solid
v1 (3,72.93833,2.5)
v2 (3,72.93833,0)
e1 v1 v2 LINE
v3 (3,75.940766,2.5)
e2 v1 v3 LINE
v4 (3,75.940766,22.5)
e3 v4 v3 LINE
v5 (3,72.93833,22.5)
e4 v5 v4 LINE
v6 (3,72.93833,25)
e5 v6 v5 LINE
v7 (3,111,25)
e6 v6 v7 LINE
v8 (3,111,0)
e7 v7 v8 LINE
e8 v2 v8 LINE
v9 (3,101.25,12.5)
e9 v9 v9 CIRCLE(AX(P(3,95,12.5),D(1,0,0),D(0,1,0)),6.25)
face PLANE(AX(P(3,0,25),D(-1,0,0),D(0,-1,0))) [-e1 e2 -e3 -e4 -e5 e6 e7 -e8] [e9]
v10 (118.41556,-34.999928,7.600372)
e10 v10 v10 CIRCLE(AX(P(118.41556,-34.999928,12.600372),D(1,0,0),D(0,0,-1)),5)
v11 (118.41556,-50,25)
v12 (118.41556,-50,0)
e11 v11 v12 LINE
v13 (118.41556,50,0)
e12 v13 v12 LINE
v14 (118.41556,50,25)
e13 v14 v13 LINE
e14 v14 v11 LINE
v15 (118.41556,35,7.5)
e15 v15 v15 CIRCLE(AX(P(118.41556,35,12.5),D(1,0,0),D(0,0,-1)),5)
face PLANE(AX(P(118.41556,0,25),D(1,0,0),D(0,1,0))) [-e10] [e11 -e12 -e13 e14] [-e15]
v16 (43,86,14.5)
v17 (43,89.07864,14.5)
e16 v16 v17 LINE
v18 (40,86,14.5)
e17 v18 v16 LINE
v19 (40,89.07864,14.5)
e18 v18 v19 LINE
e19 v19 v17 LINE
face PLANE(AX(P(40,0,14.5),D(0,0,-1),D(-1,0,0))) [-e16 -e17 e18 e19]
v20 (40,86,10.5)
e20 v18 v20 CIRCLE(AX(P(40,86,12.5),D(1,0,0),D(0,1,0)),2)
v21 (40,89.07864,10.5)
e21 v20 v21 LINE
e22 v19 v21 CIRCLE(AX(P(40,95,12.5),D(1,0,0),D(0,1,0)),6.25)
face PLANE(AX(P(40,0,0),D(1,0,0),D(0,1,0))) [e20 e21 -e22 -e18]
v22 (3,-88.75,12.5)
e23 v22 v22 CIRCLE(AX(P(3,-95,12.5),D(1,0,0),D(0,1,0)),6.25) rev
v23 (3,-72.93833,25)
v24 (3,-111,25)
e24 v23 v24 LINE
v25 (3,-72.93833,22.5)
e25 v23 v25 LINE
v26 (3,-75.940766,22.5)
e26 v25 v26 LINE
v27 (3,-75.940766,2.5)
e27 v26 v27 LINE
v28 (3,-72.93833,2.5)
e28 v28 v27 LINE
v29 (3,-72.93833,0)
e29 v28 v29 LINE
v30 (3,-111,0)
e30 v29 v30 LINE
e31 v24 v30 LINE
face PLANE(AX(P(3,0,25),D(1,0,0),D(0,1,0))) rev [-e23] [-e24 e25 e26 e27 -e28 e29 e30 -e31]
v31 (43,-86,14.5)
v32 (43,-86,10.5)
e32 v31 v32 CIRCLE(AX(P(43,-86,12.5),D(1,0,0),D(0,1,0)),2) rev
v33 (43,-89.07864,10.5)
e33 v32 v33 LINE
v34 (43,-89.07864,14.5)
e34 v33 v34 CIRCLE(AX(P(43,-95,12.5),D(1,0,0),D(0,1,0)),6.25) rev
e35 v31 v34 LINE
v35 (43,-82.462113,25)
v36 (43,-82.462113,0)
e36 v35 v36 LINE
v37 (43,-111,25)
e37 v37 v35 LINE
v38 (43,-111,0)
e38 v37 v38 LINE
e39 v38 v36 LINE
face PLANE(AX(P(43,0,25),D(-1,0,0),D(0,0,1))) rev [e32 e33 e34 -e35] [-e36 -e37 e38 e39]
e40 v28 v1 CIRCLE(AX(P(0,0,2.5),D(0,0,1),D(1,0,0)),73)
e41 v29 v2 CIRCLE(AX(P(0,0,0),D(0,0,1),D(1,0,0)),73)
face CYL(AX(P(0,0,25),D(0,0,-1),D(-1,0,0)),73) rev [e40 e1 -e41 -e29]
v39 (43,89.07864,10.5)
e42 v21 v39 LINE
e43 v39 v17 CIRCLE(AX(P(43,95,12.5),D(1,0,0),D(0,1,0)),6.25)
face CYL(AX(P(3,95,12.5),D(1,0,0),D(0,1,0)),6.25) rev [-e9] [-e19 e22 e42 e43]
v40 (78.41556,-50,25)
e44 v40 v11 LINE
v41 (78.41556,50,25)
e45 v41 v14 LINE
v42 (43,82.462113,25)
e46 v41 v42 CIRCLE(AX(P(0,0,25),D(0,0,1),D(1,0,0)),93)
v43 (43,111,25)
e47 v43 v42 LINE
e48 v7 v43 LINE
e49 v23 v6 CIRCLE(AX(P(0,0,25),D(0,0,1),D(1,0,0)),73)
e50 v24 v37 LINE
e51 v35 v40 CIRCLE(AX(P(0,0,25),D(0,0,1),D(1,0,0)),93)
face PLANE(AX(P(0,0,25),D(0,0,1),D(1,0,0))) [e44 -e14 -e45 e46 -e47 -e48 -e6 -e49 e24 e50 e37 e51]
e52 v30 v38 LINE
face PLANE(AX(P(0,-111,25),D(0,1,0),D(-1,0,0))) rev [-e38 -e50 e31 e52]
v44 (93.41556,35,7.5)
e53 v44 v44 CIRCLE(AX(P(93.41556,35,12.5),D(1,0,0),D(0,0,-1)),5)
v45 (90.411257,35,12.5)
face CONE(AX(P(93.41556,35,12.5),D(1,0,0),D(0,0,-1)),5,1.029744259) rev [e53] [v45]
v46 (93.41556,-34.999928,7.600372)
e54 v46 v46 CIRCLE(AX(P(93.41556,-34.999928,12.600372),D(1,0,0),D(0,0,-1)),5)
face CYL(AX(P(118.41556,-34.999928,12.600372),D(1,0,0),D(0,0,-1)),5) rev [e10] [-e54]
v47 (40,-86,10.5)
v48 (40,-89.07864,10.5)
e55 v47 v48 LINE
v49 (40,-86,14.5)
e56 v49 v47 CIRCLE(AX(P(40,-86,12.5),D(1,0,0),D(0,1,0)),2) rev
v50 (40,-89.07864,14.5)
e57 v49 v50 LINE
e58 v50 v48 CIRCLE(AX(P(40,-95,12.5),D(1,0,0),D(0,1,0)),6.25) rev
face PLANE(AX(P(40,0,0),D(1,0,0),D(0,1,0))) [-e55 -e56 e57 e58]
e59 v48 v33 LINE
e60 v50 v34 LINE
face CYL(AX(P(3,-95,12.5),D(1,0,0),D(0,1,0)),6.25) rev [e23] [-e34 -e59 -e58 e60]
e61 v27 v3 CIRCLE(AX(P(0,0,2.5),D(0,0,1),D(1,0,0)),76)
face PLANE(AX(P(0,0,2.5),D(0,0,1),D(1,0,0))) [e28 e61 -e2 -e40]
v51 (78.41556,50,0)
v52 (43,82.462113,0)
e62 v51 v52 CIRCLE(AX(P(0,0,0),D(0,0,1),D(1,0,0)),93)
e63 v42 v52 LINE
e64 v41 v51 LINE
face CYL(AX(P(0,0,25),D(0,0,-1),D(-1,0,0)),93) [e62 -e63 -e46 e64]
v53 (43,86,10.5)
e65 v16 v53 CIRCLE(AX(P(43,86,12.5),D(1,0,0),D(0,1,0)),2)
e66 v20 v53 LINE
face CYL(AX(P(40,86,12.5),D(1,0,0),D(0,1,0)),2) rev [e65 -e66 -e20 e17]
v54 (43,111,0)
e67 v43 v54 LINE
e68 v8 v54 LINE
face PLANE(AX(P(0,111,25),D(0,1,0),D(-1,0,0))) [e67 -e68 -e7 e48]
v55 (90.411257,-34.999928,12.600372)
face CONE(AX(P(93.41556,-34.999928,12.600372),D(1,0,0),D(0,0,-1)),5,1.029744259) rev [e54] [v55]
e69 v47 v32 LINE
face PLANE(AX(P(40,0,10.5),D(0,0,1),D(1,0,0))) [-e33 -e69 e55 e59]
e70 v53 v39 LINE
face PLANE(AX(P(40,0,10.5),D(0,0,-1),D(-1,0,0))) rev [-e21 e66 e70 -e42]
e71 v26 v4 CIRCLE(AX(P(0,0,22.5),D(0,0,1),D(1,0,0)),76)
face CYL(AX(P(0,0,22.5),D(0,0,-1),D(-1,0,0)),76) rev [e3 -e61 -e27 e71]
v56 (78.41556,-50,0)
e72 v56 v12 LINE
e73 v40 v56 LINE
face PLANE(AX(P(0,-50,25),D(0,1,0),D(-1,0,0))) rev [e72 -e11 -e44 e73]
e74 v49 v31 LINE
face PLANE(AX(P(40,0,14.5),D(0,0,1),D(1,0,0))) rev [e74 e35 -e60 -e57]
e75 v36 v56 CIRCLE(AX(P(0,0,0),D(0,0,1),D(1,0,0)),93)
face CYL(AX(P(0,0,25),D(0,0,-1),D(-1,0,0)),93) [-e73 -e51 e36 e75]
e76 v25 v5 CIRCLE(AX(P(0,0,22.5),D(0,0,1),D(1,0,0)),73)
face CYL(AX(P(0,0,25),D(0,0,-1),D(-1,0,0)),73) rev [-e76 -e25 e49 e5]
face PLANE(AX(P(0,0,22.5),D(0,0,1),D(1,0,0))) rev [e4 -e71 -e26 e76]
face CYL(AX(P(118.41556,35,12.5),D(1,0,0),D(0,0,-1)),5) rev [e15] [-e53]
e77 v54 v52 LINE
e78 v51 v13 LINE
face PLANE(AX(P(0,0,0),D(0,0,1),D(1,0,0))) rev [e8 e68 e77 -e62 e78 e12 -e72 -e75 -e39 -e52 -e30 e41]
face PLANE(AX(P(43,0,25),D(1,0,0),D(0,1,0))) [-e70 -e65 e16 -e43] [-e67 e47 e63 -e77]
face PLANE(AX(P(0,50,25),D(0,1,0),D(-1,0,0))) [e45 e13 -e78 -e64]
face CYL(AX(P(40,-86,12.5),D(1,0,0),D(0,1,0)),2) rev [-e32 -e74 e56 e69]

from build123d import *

# Parameters (mm, degrees)
BOSS_EXTRUDE1_DEPTH        = 25
F_10_0MM_DOWEL_HOLE1_D     = 10
F_10_0MM_DOWEL_HOLE1_DEPTH = 25
F_10_0MM_DOWEL_HOLE1_TIP   = 3.004303095
SKETCH2_R                  = 6.25
CUT_EXTRUDE2_DEPTH         = 137.504603006
CUT_EXTRUDE3_DEPTH         = 3
CUT_EXTRUDE4_START         = 2.5
CUT_EXTRUDE4_DEPTH         = 20


with BuildPart() as part:
    # Sketch1 → Boss-Extrude1 (new body)
    with BuildSketch(Plane.XY):
        with BuildLine():
            ThreePointArc((3, 72.938330115), (73, 0), (3, -72.938330115))
            Line((3, -72.938330115), (3, -111))
            Line((3, -111), (43, -111))
            Line((43, -111), (43, -82.462112512))
            ThreePointArc((43, -82.462112512), (62.840128265, -68.557408642), (78.41555968, -50))
            Line((78.41555968, -50), (118.41555968, -50))
            Line((118.41555968, -50), (118.41555968, 50))
            Line((118.41555968, 50), (78.41555968, 50))
            ThreePointArc((78.41555968, 50), (62.840128265, 68.557408642), (43, 82.462112512))
            Line((43, 82.462112512), (43, 111))
            Line((43, 111), (3, 111))
            Line((3, 111), (3, 72.938330115))
        make_face()
    extrude(amount=BOSS_EXTRUDE1_DEPTH)

    # Ø10.0mm Dowel Hole1
    with Locations(Plane(origin=(118.41555968, 35, 12.5), x_dir=(0, 1, 0), z_dir=(1, 0, 0))):
        with Locations((0, 0), (-69.999928039, 0.100371864)):
            Hole(F_10_0MM_DOWEL_HOLE1_D / 2, depth=F_10_0MM_DOWEL_HOLE1_DEPTH)
            with Locations((0, 0, -(F_10_0MM_DOWEL_HOLE1_DEPTH + F_10_0MM_DOWEL_HOLE1_TIP / 2))):  # 118° drill point
                Cone(0, F_10_0MM_DOWEL_HOLE1_D / 2, F_10_0MM_DOWEL_HOLE1_TIP, mode=Mode.SUBTRACT)

    # Sketch2 → Cut-Extrude2 (cut, through all)
    with BuildSketch(Plane(origin=(43, 0, 0), x_dir=(0, 0, -1), z_dir=(1, 0, 0))):
        with Locations((-12.5, -95)):
            Circle(SKETCH2_R)
        with Locations((-12.5, 95)):
            Circle(SKETCH2_R)
    extrude(amount=-CUT_EXTRUDE2_DEPTH, mode=Mode.SUBTRACT)

    # Sketch2<4> → Cut-Extrude3 (cut)
    with BuildSketch(Plane(origin=(43, 0, 0), x_dir=(0, 0, -1), z_dir=(1, 0, 0))):
        with BuildLine():
            ThreePointArc((-10.5, -86), (-12.5, -84), (-14.5, -86))
            Line((-14.5, -86), (-14.5, -89.078640359))
            ThreePointArc((-14.5, -89.078640359), (-12.5, -88.75), (-10.5, -89.078640359))
            Line((-10.5, -89.078640359), (-10.5, -86))
        make_face()
        with BuildLine():
            ThreePointArc((-14.5, 86), (-12.5, 84), (-10.5, 86))
            Line((-10.5, 86), (-10.5, 89.078640359))
            ThreePointArc((-10.5, 89.078640359), (-12.5, 88.75), (-14.5, 89.078640359))
            Line((-14.5, 89.078640359), (-14.5, 86))
        make_face()
    extrude(amount=-CUT_EXTRUDE3_DEPTH, mode=Mode.SUBTRACT)

    # Sketch1<3> → Cut-Extrude4 (cut)
    with BuildSketch(Plane.XY.offset(CUT_EXTRUDE4_START)):
        with BuildLine():
            ThreePointArc((3, 72.938330115), (73, 0), (3, -72.938330115))
            Line((3, -72.938330115), (3, -75.940766391))
            ThreePointArc((3, -75.940766391), (76, 0), (3, 75.940766391))
            Line((3, 75.940766391), (3, 72.938330115))
        make_face()
    extrude(amount=CUT_EXTRUDE4_DEPTH, mode=Mode.SUBTRACT)


solid = part.part
